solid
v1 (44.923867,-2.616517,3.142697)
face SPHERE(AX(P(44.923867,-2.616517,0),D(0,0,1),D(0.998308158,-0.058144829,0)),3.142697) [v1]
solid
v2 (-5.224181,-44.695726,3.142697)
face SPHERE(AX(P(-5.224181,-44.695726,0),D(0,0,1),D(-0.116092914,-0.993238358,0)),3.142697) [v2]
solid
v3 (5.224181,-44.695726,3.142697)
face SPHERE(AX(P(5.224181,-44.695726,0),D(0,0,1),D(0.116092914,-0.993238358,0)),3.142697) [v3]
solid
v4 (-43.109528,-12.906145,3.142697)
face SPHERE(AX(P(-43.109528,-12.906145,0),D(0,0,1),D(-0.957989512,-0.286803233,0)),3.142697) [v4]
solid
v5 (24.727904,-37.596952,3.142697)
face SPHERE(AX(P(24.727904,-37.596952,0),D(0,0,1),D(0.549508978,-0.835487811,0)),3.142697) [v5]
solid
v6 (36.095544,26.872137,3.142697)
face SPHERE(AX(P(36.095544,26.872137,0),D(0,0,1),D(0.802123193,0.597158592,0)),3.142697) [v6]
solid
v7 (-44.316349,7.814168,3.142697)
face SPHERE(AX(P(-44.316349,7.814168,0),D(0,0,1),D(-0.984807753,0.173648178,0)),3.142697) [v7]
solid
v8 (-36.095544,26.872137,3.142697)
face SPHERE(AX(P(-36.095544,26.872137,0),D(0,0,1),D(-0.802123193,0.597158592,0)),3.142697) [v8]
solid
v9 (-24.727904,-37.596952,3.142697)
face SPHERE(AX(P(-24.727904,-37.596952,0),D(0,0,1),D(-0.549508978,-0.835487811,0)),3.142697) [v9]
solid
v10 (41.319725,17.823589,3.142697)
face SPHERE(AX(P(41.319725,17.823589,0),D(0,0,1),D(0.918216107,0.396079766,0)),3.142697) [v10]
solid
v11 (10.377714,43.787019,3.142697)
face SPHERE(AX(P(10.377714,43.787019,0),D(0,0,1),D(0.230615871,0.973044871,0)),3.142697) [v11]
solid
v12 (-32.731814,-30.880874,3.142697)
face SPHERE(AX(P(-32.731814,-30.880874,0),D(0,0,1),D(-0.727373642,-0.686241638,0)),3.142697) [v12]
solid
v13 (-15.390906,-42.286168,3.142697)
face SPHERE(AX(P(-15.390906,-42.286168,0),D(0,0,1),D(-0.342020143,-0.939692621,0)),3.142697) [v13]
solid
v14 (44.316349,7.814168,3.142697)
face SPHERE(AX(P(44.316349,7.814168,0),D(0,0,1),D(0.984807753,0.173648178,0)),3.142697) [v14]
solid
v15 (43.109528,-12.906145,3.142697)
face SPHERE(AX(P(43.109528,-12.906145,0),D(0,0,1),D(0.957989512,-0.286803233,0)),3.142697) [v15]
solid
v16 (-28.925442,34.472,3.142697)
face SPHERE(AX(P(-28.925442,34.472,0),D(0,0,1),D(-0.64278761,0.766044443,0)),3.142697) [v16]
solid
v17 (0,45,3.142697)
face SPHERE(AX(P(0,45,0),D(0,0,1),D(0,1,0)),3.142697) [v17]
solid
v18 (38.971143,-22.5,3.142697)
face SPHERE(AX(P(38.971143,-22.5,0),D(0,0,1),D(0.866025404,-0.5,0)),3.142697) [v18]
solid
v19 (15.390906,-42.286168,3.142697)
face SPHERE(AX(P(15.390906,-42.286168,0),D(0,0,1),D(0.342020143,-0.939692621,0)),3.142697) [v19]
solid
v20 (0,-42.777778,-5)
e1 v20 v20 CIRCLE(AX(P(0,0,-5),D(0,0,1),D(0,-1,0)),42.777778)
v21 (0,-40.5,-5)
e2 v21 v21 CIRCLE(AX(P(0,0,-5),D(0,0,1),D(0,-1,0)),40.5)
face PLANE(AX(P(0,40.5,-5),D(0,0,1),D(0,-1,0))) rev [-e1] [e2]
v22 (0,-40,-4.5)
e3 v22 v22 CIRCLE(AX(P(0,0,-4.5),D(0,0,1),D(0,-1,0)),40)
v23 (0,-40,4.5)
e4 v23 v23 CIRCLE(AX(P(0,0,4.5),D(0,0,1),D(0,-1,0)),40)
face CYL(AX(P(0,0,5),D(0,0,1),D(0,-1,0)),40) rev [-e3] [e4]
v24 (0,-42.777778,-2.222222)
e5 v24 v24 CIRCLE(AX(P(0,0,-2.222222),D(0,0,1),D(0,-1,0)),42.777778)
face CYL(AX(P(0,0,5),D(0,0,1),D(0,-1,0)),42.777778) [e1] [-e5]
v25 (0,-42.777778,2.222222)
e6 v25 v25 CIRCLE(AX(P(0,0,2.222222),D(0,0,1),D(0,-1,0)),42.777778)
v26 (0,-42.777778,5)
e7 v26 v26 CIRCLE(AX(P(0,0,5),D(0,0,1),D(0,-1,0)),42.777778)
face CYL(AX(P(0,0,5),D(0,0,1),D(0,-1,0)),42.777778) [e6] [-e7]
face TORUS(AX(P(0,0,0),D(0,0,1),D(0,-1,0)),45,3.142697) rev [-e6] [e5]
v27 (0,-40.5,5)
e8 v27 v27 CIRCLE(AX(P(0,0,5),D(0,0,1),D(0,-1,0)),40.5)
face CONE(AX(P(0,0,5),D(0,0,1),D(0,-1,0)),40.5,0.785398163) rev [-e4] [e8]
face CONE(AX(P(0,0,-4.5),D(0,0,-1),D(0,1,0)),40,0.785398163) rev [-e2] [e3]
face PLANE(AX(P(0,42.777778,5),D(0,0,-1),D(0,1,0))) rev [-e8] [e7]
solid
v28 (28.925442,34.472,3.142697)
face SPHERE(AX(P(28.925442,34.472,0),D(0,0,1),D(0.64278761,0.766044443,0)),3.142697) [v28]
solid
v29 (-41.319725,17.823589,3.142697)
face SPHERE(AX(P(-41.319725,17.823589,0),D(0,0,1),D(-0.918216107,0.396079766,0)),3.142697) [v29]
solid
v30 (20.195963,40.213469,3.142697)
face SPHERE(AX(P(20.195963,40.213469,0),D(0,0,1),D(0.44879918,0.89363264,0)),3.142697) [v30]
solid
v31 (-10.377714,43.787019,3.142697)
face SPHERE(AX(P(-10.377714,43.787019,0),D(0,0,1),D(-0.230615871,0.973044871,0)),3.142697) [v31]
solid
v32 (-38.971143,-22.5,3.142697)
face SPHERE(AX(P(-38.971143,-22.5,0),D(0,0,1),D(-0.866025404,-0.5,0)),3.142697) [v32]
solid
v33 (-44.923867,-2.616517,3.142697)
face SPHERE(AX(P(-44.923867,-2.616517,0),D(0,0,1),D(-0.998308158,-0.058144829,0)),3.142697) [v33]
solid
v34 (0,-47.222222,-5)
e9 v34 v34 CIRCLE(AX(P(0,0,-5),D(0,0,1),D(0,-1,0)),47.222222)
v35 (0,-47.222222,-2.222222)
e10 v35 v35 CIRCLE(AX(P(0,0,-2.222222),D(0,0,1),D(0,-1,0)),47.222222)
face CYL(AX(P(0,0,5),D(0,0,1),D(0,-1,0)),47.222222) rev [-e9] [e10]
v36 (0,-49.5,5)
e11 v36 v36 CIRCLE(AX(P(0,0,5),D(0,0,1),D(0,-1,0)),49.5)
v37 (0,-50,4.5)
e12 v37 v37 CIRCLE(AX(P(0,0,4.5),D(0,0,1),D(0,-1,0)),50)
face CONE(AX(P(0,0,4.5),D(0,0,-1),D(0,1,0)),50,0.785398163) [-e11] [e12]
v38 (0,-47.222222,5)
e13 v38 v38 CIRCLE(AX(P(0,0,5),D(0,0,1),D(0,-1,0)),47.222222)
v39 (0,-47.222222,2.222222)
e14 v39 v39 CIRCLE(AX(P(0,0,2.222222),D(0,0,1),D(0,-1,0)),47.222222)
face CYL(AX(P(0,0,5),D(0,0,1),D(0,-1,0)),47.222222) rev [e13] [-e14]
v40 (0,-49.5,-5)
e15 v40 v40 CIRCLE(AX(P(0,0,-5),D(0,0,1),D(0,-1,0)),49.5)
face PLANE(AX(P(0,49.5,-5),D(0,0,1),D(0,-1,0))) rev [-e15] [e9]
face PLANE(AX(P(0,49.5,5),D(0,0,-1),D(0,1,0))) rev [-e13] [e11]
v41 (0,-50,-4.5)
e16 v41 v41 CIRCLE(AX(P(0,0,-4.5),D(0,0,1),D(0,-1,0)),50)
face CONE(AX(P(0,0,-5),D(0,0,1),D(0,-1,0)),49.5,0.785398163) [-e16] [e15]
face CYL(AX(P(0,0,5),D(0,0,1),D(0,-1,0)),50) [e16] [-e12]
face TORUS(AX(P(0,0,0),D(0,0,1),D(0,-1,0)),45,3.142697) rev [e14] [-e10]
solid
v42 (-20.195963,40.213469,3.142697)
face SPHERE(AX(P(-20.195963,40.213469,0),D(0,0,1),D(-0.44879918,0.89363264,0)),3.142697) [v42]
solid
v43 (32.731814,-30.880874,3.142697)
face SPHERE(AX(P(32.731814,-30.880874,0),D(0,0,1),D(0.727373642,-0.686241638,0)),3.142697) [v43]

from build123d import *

# Parameters (mm, degrees)
CIRPATTERN1_COUNT = 27


with BuildPart() as part:
    # Sketch5 → Revolve1 (revolve)
    with BuildSketch(Plane(origin=(0, 0, 0), x_dir=(0, 0, -1), z_dir=(1, 0, 0)), mode=Mode.PRIVATE) as revolve1_sk:
        with BuildLine():
            Line((4.5, 50), (-4.5, 50))
            Line((-4.5, 50), (-5, 49.5))
            Line((-5, 49.5), (-5, 47.222222222))
            Line((-5, 47.222222222), (-2.222222222, 47.222222222))
            ThreePointArc((-2.222222222, 47.222222222), (0, 48.142696805), (2.222222222, 47.222222222))
            Line((2.222222222, 47.222222222), (5, 47.222222222))
            Line((5, 47.222222222), (5, 49.5))
            Line((5, 49.5), (4.5, 50))
        make_face()
    revolve(revolve1_sk.sketch.rotate(Axis((0, 0, 5), (0, 0, -1)), 180), axis=Axis((0, 0, 5), (0, 0, -1)))


with BuildPart() as body_2:
    # Sketch3 → Revolve3 (revolve)
    with BuildSketch(Plane(origin=(0, 0, 0), x_dir=(0, 0, -1), z_dir=(1, 0, 0)), mode=Mode.PRIVATE) as revolve3_sk:
        with BuildLine():
            Line((-5, 42.777777778), (-2.222222222, 42.777777778))
            ThreePointArc((-2.222222222, 42.777777778), (0, 41.857303195), (2.222222222, 42.777777778))
            Line((2.222222222, 42.777777778), (5, 42.777777778))
            Line((5, 42.777777778), (5, 40.5))
            Line((5, 40.5), (4.5, 40))
            Line((4.5, 40), (-4.5, 40))
            Line((-4.5, 40), (-5, 40.5))
            Line((-5, 40.5), (-5, 42.777777778))
        make_face()
    revolve(revolve3_sk.sketch.rotate(Axis((0, 0, 5), (0, 0, -1)), 180), axis=Axis((0, 0, 5), (0, 0, -1)))


with BuildPart() as body_3:
    # Sketch4 → Revolve4 (revolve)
    with BuildSketch(Plane(origin=(0, 0, 0), x_dir=(0, 0, -1), z_dir=(1, 0, 0))):
        with BuildLine():
            Line((-3.142696805, 45), (3.142696805, 45))
            ThreePointArc((3.142696805, 45), (0, 48.142696805), (-3.142696805, 45))
        make_face()
    revolve(axis=Axis((0, 45, 3.142696805), (0, 0, -1)))


with BuildPart() as cirpattern1_1:
    # CirPattern1: pattern copy
    add(body_3.part.rotate(Axis((0, 0, 0), (0, 0, 1)), 1 * 360 / CIRPATTERN1_COUNT))


with BuildPart() as cirpattern1_2:
    # CirPattern1: pattern copy
    add(body_3.part.rotate(Axis((0, 0, 0), (0, 0, 1)), 2 * 360 / CIRPATTERN1_COUNT))


with BuildPart() as cirpattern1_3:
    # CirPattern1: pattern copy
    add(body_3.part.rotate(Axis((0, 0, 0), (0, 0, 1)), 3 * 360 / CIRPATTERN1_COUNT))


with BuildPart() as cirpattern1_4:
    # CirPattern1: pattern copy
    add(body_3.part.rotate(Axis((0, 0, 0), (0, 0, 1)), 4 * 360 / CIRPATTERN1_COUNT))


with BuildPart() as cirpattern1_5:
    # CirPattern1: pattern copy
    add(body_3.part.rotate(Axis((0, 0, 0), (0, 0, 1)), 5 * 360 / CIRPATTERN1_COUNT))


with BuildPart() as cirpattern1_6:
    # CirPattern1: pattern copy
    add(body_3.part.rotate(Axis((0, 0, 0), (0, 0, 1)), 6 * 360 / CIRPATTERN1_COUNT))


with BuildPart() as cirpattern1_7:
    # CirPattern1: pattern copy
    add(body_3.part.rotate(Axis((0, 0, 0), (0, 0, 1)), 7 * 360 / CIRPATTERN1_COUNT))


with BuildPart() as cirpattern1_8:
    # CirPattern1: pattern copy
    add(body_3.part.rotate(Axis((0, 0, 0), (0, 0, 1)), 8 * 360 / CIRPATTERN1_COUNT))


with BuildPart() as cirpattern1_9:
    # CirPattern1: pattern copy
    add(body_3.part.rotate(Axis((0, 0, 0), (0, 0, 1)), 9 * 360 / CIRPATTERN1_COUNT))


with BuildPart() as cirpattern1_10:
    # CirPattern1: pattern copy
    add(body_3.part.rotate(Axis((0, 0, 0), (0, 0, 1)), 10 * 360 / CIRPATTERN1_COUNT))


with BuildPart() as cirpattern1_11:
    # CirPattern1: pattern copy
    add(body_3.part.rotate(Axis((0, 0, 0), (0, 0, 1)), 11 * 360 / CIRPATTERN1_COUNT))


with BuildPart() as cirpattern1_12:
    # CirPattern1: pattern copy
    add(body_3.part.rotate(Axis((0, 0, 0), (0, 0, 1)), 12 * 360 / CIRPATTERN1_COUNT))


with BuildPart() as cirpattern1_13:
    # CirPattern1: pattern copy
    add(body_3.part.rotate(Axis((0, 0, 0), (0, 0, 1)), 13 * 360 / CIRPATTERN1_COUNT))


with BuildPart() as cirpattern1_14:
    # CirPattern1: pattern copy
    add(body_3.part.rotate(Axis((0, 0, 0), (0, 0, 1)), 14 * 360 / CIRPATTERN1_COUNT))


with BuildPart() as cirpattern1_15:
    # CirPattern1: pattern copy
    add(body_3.part.rotate(Axis((0, 0, 0), (0, 0, 1)), 15 * 360 / CIRPATTERN1_COUNT))


with BuildPart() as cirpattern1_16:
    # CirPattern1: pattern copy
    add(body_3.part.rotate(Axis((0, 0, 0), (0, 0, 1)), 16 * 360 / CIRPATTERN1_COUNT))


with BuildPart() as cirpattern1_17:
    # CirPattern1: pattern copy
    add(body_3.part.rotate(Axis((0, 0, 0), (0, 0, 1)), 17 * 360 / CIRPATTERN1_COUNT))


with BuildPart() as cirpattern1_18:
    # CirPattern1: pattern copy
    add(body_3.part.rotate(Axis((0, 0, 0), (0, 0, 1)), 18 * 360 / CIRPATTERN1_COUNT))


with BuildPart() as cirpattern1_19:
    # CirPattern1: pattern copy
    add(body_3.part.rotate(Axis((0, 0, 0), (0, 0, 1)), 19 * 360 / CIRPATTERN1_COUNT))


with BuildPart() as cirpattern1_20:
    # CirPattern1: pattern copy
    add(body_3.part.rotate(Axis((0, 0, 0), (0, 0, 1)), 20 * 360 / CIRPATTERN1_COUNT))


with BuildPart() as cirpattern1_21:
    # CirPattern1: pattern copy
    add(body_3.part.rotate(Axis((0, 0, 0), (0, 0, 1)), 21 * 360 / CIRPATTERN1_COUNT))


with BuildPart() as cirpattern1_22:
    # CirPattern1: pattern copy
    add(body_3.part.rotate(Axis((0, 0, 0), (0, 0, 1)), 22 * 360 / CIRPATTERN1_COUNT))


with BuildPart() as cirpattern1_23:
    # CirPattern1: pattern copy
    add(body_3.part.rotate(Axis((0, 0, 0), (0, 0, 1)), 23 * 360 / CIRPATTERN1_COUNT))


with BuildPart() as cirpattern1_24:
    # CirPattern1: pattern copy
    add(body_3.part.rotate(Axis((0, 0, 0), (0, 0, 1)), 24 * 360 / CIRPATTERN1_COUNT))


with BuildPart() as cirpattern1_25:
    # CirPattern1: pattern copy
    add(body_3.part.rotate(Axis((0, 0, 0), (0, 0, 1)), 25 * 360 / CIRPATTERN1_COUNT))


with BuildPart() as cirpattern1_26:
    # CirPattern1: pattern copy
    add(body_3.part.rotate(Axis((0, 0, 0), (0, 0, 1)), 26 * 360 / CIRPATTERN1_COUNT))


solid = Compound([part.part, body_2.part, body_3.part, cirpattern1_1.part, cirpattern1_2.part, cirpattern1_3.part, cirpattern1_4.part, cirpattern1_5.part, cirpattern1_6.part, cirpattern1_7.part, cirpattern1_8.part, cirpattern1_9.part, cirpattern1_10.part, cirpattern1_11.part, cirpattern1_12.part, cirpattern1_13.part, cirpattern1_14.part, cirpattern1_15.part, cirpattern1_16.part, cirpattern1_17.part, cirpattern1_18.part, cirpattern1_19.part, cirpattern1_20.part, cirpattern1_21.part, cirpattern1_22.part, cirpattern1_23.part, cirpattern1_24.part, cirpattern1_25.part, cirpattern1_26.part])
